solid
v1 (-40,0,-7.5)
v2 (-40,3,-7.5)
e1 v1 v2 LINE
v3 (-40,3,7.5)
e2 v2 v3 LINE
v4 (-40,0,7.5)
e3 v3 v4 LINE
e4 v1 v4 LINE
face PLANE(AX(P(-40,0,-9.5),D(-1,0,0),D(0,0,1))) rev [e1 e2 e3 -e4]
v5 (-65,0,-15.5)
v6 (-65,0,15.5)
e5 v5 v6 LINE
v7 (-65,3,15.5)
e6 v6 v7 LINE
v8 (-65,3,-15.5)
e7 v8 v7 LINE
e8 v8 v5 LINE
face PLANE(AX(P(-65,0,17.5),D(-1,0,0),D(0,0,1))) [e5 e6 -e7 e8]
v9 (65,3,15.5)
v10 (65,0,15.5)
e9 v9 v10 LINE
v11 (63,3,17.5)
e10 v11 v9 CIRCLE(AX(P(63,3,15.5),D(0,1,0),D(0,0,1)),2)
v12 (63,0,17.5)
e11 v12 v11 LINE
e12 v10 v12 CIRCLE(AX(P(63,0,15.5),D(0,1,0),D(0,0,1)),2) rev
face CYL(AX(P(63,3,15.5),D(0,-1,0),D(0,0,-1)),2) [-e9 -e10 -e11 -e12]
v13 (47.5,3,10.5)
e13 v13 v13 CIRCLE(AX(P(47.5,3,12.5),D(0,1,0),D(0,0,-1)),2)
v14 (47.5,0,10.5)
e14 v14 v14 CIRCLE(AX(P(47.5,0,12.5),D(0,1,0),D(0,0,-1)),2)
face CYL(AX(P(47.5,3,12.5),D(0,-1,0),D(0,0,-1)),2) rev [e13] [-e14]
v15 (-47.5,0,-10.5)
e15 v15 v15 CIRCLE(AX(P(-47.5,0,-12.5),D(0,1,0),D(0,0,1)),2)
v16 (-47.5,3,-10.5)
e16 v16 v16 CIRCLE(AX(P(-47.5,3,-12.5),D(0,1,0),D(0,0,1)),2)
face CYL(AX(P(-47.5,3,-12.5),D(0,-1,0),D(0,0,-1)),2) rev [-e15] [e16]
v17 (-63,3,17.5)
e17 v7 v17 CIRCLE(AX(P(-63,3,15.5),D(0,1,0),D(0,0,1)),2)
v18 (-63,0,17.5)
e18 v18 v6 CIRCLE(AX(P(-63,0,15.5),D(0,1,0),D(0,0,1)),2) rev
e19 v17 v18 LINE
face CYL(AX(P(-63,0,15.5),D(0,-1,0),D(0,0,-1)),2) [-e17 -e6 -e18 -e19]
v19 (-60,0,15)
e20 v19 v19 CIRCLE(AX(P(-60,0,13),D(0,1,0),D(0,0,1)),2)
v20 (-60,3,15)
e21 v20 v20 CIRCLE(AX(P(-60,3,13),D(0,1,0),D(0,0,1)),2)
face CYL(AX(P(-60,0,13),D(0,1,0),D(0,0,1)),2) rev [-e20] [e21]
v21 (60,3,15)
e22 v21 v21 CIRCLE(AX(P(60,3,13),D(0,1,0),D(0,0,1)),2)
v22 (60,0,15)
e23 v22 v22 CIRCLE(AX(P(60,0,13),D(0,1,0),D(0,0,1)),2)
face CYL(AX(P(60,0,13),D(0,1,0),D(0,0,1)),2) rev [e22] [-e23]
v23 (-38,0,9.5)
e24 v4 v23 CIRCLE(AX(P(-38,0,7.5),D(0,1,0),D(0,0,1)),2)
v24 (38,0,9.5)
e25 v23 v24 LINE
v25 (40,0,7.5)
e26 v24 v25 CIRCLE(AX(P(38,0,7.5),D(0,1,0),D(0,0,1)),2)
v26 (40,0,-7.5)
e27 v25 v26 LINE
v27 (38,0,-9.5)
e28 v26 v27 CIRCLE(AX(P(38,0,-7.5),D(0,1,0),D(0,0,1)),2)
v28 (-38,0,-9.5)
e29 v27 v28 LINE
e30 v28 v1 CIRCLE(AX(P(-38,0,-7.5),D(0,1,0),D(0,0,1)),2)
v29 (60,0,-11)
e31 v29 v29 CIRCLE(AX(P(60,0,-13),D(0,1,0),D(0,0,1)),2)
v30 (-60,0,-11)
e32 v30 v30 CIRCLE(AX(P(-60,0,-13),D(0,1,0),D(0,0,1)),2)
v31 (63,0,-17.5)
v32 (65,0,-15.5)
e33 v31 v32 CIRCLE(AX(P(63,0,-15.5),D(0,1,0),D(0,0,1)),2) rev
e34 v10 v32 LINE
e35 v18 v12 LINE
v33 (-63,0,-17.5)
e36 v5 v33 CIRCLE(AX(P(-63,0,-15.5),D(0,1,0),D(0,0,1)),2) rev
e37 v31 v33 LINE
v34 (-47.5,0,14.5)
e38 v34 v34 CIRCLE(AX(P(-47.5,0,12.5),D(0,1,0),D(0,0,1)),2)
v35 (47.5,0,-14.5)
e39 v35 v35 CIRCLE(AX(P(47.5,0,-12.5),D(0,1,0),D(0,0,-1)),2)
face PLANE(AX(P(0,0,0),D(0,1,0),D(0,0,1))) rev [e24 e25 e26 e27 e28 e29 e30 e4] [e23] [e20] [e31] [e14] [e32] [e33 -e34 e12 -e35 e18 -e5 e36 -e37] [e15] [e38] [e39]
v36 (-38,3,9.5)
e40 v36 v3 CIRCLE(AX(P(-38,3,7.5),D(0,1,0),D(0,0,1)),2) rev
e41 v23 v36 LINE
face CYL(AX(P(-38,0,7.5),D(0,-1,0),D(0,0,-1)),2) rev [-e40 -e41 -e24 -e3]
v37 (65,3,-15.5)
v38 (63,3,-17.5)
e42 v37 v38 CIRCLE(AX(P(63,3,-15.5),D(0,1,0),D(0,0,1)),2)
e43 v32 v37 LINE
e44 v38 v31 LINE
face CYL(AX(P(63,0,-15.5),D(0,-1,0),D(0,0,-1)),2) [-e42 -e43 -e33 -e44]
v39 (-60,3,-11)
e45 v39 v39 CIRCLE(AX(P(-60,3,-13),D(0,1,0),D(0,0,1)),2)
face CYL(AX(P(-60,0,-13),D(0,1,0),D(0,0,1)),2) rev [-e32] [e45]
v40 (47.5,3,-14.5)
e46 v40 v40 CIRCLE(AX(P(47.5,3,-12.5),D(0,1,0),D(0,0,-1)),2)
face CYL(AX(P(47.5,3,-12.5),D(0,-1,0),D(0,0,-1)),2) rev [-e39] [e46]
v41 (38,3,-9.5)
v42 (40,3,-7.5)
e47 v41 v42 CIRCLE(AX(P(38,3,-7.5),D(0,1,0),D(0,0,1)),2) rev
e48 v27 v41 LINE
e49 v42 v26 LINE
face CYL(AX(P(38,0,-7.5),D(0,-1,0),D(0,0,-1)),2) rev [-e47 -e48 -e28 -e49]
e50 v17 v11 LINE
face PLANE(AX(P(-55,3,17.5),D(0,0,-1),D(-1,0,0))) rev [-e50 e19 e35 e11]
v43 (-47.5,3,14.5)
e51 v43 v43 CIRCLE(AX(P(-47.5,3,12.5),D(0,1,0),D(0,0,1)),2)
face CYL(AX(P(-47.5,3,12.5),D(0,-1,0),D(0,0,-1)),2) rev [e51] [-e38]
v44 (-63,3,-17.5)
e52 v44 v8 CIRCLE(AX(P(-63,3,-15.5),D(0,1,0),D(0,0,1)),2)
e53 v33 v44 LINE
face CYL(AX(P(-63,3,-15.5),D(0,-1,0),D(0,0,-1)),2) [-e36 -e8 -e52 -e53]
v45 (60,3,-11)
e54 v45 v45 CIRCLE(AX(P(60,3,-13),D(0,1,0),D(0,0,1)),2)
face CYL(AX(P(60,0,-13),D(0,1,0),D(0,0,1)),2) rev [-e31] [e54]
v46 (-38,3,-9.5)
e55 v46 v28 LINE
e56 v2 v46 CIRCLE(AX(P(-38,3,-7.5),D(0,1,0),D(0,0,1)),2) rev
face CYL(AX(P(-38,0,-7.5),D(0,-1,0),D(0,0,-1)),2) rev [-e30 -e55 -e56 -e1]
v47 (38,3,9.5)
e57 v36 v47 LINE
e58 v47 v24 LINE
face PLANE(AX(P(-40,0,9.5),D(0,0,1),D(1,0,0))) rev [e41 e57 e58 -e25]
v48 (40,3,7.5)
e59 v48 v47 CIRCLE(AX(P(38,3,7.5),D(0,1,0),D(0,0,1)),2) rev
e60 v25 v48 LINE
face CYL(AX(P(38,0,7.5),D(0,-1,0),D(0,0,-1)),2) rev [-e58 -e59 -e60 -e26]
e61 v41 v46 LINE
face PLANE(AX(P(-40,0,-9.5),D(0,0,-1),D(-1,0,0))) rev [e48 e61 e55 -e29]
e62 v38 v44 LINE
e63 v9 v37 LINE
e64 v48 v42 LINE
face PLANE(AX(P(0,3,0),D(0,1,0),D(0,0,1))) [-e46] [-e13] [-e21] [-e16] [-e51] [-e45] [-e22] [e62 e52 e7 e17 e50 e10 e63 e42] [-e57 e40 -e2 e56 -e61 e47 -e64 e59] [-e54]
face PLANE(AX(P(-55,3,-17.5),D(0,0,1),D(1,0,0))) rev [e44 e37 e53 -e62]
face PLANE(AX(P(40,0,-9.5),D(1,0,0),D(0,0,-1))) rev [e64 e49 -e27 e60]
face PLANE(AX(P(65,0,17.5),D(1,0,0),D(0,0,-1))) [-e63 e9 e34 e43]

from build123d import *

# Parameters (mm, degrees)
SKETCH_1_W          = 110
SKETCH_1_H          = 35
SKETCH_1_R          = 2
EXTRUDE_1_DEPTH     = 3
SKETCH_2_W          = 10
SKETCH_2_H          = 35
SKETCH_2_R          = 2
EXTRUDE_2_DEPTH     = 3
SKETCH_3_W          = 80
SKETCH_3_H          = 19
CUT_EXTRUDE_1_DEPTH = 3
FILLET_1_R          = 2


with BuildPart() as part:
    # 草图1 → 凸台-拉伸1 (new body)
    with BuildSketch(Plane(origin=(0, 0, 0), x_dir=(1, 0, 0), z_dir=(0, 1, 0))):
        Rectangle(SKETCH_1_W, SKETCH_1_H)
        with Locations(Location((-47.5, 12.5, 0), (0, 0, 270))):
            Circle(SKETCH_1_R, mode=Mode.SUBTRACT)
        with Locations(Location((-47.5, -12.5, 0), (0, 0, 270))):
            Circle(SKETCH_1_R, mode=Mode.SUBTRACT)
        with Locations(Location((47.5, -12.5, 0), (0, 0, 90))):
            Circle(SKETCH_1_R, mode=Mode.SUBTRACT)
        with Locations(Location((47.5, 12.5, 0), (0, 0, 90))):
            Circle(SKETCH_1_R, mode=Mode.SUBTRACT)
    extrude(amount=EXTRUDE_1_DEPTH)

    # 草图2 → 凸台-拉伸2 (add)
    # profile 1 of 2: a face of its own
    with BuildSketch(Plane(origin=(0, 3, 0), x_dir=(1, 0, 0), z_dir=(0, 1, 0))):
        with Locations((60, 0)):
            Rectangle(SKETCH_2_W, SKETCH_2_H)
        with Locations(Location((60, 13, 0), (0, 0, 270))):
            Circle(SKETCH_2_R, mode=Mode.SUBTRACT)
        with Locations(Location((60, -13, 0), (0, 0, 270))):
            Circle(SKETCH_2_R, mode=Mode.SUBTRACT)
    # profile 2 of 2: a face of its own
    with BuildSketch(Plane(origin=(0, 3, 0), x_dir=(1, 0, 0), z_dir=(0, 1, 0))):
        with Locations((-60, 0)):
            Rectangle(SKETCH_2_W, SKETCH_2_H)
        with Locations(Location((-60, 13, 0), (0, 0, 270))):
            Circle(SKETCH_2_R, mode=Mode.SUBTRACT)
        with Locations(Location((-60, -13, 0), (0, 0, 270))):
            Circle(SKETCH_2_R, mode=Mode.SUBTRACT)
    extrude(amount=-EXTRUDE_2_DEPTH)

    # 草图3 → 切除-拉伸1 (cut)
    with BuildSketch(Plane(origin=(0, 3, 0), x_dir=(1, 0, 0), z_dir=(0, 1, 0))):
        Rectangle(SKETCH_3_W, SKETCH_3_H)
    extrude(amount=-CUT_EXTRUDE_1_DEPTH, mode=Mode.SUBTRACT)

    # 圆角1
    fillet_1_edges = [part.edges().sort_by_distance(p)[0] for p in [
        (-65, 1.5, -17.5),
        (-65, 1.5, 17.5),
        (65, 1.5, -17.5),
        (65, 1.5, 17.5),
        (40, 1.5, -9.5),
        (40, 1.5, 9.5),
        (-40, 1.5, 9.5),
        (-40, 1.5, -9.5),
    ]]
    fillet(fillet_1_edges, radius=FILLET_1_R)


solid = part.part
